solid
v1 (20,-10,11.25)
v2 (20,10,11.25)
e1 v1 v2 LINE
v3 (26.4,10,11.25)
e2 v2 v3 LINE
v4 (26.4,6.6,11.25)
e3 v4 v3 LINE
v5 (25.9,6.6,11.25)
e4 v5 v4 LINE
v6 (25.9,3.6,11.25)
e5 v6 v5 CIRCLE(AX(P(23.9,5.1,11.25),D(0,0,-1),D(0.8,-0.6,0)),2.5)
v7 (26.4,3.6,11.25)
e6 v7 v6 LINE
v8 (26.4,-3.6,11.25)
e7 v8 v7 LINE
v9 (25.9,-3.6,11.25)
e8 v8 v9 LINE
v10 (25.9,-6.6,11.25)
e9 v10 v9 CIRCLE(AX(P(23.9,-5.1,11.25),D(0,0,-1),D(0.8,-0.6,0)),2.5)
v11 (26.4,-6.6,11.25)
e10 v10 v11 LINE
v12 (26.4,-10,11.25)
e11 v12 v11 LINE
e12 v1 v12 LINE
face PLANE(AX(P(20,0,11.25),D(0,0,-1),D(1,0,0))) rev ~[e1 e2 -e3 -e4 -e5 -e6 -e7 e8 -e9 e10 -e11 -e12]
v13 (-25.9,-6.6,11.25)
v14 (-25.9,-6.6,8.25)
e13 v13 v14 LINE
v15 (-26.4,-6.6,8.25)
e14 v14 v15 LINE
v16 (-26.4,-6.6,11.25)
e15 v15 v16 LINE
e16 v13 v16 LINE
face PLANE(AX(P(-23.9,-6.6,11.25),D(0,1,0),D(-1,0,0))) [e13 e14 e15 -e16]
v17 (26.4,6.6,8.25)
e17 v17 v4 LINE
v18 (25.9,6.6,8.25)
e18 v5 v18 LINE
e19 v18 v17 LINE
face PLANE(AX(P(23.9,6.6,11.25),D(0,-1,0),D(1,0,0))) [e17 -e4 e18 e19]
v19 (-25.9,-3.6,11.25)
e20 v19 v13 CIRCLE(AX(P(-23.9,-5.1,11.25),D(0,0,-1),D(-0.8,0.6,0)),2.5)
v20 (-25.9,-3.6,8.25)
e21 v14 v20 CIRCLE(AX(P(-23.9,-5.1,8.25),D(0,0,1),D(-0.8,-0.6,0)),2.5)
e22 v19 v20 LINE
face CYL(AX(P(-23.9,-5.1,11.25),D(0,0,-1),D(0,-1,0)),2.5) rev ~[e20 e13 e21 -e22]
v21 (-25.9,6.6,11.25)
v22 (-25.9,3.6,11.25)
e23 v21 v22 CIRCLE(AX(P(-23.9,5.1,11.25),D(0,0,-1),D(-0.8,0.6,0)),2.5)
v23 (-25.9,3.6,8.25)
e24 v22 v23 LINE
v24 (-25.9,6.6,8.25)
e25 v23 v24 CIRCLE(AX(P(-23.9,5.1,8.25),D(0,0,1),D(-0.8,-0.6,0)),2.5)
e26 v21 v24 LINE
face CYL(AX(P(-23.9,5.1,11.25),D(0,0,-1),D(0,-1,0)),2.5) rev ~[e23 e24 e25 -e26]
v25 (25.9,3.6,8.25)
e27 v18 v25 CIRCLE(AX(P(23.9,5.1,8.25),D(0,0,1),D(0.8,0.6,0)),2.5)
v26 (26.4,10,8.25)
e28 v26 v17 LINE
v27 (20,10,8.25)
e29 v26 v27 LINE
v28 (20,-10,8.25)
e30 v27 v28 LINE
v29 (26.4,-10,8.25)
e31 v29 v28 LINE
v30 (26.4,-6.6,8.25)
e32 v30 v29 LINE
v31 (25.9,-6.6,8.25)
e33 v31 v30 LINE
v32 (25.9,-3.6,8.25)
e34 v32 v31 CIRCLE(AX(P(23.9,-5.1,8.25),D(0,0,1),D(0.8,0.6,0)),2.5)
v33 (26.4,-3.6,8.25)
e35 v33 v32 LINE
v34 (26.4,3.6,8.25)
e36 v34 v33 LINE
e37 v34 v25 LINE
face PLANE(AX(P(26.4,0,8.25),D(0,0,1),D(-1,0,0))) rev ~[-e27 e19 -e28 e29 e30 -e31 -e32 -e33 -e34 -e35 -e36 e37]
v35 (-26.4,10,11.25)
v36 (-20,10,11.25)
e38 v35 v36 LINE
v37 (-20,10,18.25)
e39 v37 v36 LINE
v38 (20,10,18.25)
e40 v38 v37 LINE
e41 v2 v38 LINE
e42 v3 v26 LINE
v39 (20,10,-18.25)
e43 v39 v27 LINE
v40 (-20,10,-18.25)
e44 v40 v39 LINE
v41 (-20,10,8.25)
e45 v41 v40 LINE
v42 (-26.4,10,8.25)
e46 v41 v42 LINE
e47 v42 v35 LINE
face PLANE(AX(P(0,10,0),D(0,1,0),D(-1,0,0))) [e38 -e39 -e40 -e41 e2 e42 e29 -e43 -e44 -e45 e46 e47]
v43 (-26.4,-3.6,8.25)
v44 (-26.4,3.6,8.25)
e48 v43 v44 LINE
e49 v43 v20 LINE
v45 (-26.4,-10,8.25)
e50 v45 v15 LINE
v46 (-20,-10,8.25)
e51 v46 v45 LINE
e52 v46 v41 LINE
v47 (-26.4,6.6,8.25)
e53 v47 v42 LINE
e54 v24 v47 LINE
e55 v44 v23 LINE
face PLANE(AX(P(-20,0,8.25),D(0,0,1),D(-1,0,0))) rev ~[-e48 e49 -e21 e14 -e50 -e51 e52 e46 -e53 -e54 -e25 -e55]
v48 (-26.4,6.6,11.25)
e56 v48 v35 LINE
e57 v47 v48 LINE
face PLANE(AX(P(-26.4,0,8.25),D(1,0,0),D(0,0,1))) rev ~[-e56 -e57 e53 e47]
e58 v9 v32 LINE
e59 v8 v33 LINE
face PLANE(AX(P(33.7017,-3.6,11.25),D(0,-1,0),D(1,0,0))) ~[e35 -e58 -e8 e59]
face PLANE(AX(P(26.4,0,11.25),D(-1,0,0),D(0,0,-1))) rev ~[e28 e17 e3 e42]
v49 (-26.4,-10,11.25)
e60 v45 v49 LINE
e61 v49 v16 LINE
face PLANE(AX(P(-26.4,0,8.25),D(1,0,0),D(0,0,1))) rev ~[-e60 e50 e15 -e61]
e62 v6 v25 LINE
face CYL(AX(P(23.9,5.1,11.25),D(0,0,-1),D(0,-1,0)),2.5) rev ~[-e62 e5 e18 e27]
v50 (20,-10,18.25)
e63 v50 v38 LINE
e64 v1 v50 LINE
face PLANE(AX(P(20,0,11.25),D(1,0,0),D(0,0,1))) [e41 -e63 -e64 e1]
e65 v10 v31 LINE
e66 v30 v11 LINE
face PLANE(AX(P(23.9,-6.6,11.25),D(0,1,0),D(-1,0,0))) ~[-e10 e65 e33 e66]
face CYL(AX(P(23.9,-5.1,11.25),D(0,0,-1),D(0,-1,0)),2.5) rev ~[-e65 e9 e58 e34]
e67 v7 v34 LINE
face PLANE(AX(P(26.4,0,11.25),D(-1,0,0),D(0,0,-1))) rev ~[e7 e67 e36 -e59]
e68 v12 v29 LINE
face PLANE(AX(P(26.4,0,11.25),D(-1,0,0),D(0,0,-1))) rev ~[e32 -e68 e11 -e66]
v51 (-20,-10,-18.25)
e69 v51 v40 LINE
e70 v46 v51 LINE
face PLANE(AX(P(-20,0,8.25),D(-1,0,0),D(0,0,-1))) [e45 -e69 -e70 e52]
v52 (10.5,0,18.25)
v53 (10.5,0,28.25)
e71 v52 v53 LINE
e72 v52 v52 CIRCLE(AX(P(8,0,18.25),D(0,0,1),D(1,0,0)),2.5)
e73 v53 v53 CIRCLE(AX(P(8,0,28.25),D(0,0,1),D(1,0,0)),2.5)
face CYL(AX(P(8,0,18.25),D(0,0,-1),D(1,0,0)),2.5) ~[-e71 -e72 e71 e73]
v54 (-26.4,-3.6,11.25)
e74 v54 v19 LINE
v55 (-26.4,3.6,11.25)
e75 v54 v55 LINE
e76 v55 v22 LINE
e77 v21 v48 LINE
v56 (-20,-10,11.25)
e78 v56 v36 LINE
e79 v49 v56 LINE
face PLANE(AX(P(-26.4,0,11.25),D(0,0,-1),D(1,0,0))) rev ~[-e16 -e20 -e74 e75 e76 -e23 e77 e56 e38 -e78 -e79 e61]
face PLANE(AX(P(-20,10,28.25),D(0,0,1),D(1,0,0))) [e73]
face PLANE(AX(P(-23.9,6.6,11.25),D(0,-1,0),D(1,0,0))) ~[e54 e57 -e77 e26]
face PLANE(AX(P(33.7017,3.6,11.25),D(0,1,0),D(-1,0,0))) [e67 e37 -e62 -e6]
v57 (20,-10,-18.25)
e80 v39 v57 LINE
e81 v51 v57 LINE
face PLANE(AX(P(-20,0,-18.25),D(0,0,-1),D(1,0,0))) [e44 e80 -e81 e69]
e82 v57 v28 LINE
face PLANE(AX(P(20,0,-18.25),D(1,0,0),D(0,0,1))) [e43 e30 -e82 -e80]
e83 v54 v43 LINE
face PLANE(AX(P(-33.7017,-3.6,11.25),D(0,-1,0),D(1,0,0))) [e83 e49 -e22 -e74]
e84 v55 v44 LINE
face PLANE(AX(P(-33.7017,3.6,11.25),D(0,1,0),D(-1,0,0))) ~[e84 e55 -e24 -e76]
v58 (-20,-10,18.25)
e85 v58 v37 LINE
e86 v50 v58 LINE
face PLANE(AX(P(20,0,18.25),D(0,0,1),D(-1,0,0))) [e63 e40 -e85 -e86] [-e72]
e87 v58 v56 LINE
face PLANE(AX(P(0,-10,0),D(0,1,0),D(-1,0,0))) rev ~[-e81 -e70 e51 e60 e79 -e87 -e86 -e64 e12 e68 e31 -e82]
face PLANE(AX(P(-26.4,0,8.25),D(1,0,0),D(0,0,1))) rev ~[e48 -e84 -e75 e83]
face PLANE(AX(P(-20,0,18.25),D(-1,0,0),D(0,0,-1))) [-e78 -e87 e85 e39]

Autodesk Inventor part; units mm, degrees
ref_plane "YZ Plane" through (0, 0, 0) normal (1, 0, 0) x (0, 1, 0)
ref_plane "XZ Plane" through (0, 0, 0) normal (0, 1, 0) x (-1, 0, 0)
ref_plane "XY Plane" through (0, 0, 0) normal (0, 0, 1) x (1, 0, 0)
sketch "草圖1" plane through (0, 0, 0) normal (0, 1, 0) x (-1, 0, 0)
  line L0 (20, -18.25) -> (-20, -18.25)
  line L1 (-20, -18.25) -> (-20, 18.25)
  line L2 (-20, 18.25) -> (20, 18.25)
  line L3 (20, 18.25) -> (20, -18.25)
  line L4 (20, -18.25) -> (-20, 18.25) construction
  line L5 (-20, -18.25) -> (20, 18.25) construction
  line L6 (26.4, 11.25) -> (-26.4, 11.25)
  line L7 (-26.4, 11.25) -> (-26.4, 8.25)
  line L8 (-26.4, 8.25) -> (26.4, 8.25)
  line L9 (26.4, 8.25) -> (26.4, 11.25)
  point P0 (0, 0)
  point P1 (0, 11.25)
  point P2 (0, 18.25)
  dimension "d0" = 40
  dimension "d1" = 36.5
  dimension "d2" = 3
  dimension "d4" = 52.8
  dimension "d5" = 26.5
extrude "擠出1" add sketch "草圖1" along normal mid plane 20
sketch "草圖2" plane through (20, -10, 11.25) normal (0, 0, 1) x (1, 0, 0)
  line L0 (-40, 0) -> (-40, 20) construction
  line L1 (0, 20) -> (-40, 20) construction
  line L2 (0, 20) -> (0, 0) construction
  line L3 (-40, 0) -> (0, 0) construction
  line L4 (-43.9, 4.9) -> (3.9, 4.9) construction
  line L5 (3.9, 4.9) -> (3.9, 15.1) construction
  line L6 (3.9, 15.1) -> (-43.9, 15.1) construction
  line L7 (-43.9, 15.1) -> (-43.9, 4.9) construction
  line L8 (-43.9, 4.9) -> (3.9, 15.1) construction
  line L9 (3.9, 4.9) -> (-43.9, 15.1) construction
  point P0 (-20, 10)
  dimension "d8" = 47.8
  dimension "d9" = 10.2
hole "孔1" at (23.9, 5.1, 11.25) at (23.9, -5.1, 11.25) at (-23.9, -5.1, 11.25) at (-23.9, 5.1, 11.25) direction (0, 0, -1) diameter 5 depth 8 tip angle 118
sketch "草圖3" plane through (20, -10, 11.25) normal (0, 0, 1) x (1, 0, 0)
  circle A0 centre (3.9, 15.1) radius 2.5 construction
  line L0 (3.9, 16.6) -> (13.7017, 16.6)
  line L1 (13.7017, 16.6) -> (13.7017, 13.6)
  line L2 (13.7017, 13.6) -> (3.9, 13.6)
  line L3 (3.9, 13.6) -> (3.9, 16.6)
  point P0 (-20, 10)
  point P1 (6.4, 15.1)
  dimension "d17" = 3
extrude "擠出2" cut sketch "草圖3" against normal blind 20
mirror "鏡射1" about plane through (0, 0, 0) normal (0, 1, 0) of "擠出2"
mirror "鏡射2" about plane through (0, 0, 0) normal (1, 0, 0) of "擠出2", "鏡射1"
sketch "草圖4" plane through (-20, 10, 18.25) normal (0, 0, 1) x (1, 0, 0)
  circle A0 centre (28, -10) radius 2.5
  line L0 (40, 0) -> (40, -20) construction
  point P0 (20, -10)
  dimension "d20" = 5
  dimension "d21" = 12
extrude "擠出3" add sketch "草圖4" along normal blind 10
properties part number "馬達"
